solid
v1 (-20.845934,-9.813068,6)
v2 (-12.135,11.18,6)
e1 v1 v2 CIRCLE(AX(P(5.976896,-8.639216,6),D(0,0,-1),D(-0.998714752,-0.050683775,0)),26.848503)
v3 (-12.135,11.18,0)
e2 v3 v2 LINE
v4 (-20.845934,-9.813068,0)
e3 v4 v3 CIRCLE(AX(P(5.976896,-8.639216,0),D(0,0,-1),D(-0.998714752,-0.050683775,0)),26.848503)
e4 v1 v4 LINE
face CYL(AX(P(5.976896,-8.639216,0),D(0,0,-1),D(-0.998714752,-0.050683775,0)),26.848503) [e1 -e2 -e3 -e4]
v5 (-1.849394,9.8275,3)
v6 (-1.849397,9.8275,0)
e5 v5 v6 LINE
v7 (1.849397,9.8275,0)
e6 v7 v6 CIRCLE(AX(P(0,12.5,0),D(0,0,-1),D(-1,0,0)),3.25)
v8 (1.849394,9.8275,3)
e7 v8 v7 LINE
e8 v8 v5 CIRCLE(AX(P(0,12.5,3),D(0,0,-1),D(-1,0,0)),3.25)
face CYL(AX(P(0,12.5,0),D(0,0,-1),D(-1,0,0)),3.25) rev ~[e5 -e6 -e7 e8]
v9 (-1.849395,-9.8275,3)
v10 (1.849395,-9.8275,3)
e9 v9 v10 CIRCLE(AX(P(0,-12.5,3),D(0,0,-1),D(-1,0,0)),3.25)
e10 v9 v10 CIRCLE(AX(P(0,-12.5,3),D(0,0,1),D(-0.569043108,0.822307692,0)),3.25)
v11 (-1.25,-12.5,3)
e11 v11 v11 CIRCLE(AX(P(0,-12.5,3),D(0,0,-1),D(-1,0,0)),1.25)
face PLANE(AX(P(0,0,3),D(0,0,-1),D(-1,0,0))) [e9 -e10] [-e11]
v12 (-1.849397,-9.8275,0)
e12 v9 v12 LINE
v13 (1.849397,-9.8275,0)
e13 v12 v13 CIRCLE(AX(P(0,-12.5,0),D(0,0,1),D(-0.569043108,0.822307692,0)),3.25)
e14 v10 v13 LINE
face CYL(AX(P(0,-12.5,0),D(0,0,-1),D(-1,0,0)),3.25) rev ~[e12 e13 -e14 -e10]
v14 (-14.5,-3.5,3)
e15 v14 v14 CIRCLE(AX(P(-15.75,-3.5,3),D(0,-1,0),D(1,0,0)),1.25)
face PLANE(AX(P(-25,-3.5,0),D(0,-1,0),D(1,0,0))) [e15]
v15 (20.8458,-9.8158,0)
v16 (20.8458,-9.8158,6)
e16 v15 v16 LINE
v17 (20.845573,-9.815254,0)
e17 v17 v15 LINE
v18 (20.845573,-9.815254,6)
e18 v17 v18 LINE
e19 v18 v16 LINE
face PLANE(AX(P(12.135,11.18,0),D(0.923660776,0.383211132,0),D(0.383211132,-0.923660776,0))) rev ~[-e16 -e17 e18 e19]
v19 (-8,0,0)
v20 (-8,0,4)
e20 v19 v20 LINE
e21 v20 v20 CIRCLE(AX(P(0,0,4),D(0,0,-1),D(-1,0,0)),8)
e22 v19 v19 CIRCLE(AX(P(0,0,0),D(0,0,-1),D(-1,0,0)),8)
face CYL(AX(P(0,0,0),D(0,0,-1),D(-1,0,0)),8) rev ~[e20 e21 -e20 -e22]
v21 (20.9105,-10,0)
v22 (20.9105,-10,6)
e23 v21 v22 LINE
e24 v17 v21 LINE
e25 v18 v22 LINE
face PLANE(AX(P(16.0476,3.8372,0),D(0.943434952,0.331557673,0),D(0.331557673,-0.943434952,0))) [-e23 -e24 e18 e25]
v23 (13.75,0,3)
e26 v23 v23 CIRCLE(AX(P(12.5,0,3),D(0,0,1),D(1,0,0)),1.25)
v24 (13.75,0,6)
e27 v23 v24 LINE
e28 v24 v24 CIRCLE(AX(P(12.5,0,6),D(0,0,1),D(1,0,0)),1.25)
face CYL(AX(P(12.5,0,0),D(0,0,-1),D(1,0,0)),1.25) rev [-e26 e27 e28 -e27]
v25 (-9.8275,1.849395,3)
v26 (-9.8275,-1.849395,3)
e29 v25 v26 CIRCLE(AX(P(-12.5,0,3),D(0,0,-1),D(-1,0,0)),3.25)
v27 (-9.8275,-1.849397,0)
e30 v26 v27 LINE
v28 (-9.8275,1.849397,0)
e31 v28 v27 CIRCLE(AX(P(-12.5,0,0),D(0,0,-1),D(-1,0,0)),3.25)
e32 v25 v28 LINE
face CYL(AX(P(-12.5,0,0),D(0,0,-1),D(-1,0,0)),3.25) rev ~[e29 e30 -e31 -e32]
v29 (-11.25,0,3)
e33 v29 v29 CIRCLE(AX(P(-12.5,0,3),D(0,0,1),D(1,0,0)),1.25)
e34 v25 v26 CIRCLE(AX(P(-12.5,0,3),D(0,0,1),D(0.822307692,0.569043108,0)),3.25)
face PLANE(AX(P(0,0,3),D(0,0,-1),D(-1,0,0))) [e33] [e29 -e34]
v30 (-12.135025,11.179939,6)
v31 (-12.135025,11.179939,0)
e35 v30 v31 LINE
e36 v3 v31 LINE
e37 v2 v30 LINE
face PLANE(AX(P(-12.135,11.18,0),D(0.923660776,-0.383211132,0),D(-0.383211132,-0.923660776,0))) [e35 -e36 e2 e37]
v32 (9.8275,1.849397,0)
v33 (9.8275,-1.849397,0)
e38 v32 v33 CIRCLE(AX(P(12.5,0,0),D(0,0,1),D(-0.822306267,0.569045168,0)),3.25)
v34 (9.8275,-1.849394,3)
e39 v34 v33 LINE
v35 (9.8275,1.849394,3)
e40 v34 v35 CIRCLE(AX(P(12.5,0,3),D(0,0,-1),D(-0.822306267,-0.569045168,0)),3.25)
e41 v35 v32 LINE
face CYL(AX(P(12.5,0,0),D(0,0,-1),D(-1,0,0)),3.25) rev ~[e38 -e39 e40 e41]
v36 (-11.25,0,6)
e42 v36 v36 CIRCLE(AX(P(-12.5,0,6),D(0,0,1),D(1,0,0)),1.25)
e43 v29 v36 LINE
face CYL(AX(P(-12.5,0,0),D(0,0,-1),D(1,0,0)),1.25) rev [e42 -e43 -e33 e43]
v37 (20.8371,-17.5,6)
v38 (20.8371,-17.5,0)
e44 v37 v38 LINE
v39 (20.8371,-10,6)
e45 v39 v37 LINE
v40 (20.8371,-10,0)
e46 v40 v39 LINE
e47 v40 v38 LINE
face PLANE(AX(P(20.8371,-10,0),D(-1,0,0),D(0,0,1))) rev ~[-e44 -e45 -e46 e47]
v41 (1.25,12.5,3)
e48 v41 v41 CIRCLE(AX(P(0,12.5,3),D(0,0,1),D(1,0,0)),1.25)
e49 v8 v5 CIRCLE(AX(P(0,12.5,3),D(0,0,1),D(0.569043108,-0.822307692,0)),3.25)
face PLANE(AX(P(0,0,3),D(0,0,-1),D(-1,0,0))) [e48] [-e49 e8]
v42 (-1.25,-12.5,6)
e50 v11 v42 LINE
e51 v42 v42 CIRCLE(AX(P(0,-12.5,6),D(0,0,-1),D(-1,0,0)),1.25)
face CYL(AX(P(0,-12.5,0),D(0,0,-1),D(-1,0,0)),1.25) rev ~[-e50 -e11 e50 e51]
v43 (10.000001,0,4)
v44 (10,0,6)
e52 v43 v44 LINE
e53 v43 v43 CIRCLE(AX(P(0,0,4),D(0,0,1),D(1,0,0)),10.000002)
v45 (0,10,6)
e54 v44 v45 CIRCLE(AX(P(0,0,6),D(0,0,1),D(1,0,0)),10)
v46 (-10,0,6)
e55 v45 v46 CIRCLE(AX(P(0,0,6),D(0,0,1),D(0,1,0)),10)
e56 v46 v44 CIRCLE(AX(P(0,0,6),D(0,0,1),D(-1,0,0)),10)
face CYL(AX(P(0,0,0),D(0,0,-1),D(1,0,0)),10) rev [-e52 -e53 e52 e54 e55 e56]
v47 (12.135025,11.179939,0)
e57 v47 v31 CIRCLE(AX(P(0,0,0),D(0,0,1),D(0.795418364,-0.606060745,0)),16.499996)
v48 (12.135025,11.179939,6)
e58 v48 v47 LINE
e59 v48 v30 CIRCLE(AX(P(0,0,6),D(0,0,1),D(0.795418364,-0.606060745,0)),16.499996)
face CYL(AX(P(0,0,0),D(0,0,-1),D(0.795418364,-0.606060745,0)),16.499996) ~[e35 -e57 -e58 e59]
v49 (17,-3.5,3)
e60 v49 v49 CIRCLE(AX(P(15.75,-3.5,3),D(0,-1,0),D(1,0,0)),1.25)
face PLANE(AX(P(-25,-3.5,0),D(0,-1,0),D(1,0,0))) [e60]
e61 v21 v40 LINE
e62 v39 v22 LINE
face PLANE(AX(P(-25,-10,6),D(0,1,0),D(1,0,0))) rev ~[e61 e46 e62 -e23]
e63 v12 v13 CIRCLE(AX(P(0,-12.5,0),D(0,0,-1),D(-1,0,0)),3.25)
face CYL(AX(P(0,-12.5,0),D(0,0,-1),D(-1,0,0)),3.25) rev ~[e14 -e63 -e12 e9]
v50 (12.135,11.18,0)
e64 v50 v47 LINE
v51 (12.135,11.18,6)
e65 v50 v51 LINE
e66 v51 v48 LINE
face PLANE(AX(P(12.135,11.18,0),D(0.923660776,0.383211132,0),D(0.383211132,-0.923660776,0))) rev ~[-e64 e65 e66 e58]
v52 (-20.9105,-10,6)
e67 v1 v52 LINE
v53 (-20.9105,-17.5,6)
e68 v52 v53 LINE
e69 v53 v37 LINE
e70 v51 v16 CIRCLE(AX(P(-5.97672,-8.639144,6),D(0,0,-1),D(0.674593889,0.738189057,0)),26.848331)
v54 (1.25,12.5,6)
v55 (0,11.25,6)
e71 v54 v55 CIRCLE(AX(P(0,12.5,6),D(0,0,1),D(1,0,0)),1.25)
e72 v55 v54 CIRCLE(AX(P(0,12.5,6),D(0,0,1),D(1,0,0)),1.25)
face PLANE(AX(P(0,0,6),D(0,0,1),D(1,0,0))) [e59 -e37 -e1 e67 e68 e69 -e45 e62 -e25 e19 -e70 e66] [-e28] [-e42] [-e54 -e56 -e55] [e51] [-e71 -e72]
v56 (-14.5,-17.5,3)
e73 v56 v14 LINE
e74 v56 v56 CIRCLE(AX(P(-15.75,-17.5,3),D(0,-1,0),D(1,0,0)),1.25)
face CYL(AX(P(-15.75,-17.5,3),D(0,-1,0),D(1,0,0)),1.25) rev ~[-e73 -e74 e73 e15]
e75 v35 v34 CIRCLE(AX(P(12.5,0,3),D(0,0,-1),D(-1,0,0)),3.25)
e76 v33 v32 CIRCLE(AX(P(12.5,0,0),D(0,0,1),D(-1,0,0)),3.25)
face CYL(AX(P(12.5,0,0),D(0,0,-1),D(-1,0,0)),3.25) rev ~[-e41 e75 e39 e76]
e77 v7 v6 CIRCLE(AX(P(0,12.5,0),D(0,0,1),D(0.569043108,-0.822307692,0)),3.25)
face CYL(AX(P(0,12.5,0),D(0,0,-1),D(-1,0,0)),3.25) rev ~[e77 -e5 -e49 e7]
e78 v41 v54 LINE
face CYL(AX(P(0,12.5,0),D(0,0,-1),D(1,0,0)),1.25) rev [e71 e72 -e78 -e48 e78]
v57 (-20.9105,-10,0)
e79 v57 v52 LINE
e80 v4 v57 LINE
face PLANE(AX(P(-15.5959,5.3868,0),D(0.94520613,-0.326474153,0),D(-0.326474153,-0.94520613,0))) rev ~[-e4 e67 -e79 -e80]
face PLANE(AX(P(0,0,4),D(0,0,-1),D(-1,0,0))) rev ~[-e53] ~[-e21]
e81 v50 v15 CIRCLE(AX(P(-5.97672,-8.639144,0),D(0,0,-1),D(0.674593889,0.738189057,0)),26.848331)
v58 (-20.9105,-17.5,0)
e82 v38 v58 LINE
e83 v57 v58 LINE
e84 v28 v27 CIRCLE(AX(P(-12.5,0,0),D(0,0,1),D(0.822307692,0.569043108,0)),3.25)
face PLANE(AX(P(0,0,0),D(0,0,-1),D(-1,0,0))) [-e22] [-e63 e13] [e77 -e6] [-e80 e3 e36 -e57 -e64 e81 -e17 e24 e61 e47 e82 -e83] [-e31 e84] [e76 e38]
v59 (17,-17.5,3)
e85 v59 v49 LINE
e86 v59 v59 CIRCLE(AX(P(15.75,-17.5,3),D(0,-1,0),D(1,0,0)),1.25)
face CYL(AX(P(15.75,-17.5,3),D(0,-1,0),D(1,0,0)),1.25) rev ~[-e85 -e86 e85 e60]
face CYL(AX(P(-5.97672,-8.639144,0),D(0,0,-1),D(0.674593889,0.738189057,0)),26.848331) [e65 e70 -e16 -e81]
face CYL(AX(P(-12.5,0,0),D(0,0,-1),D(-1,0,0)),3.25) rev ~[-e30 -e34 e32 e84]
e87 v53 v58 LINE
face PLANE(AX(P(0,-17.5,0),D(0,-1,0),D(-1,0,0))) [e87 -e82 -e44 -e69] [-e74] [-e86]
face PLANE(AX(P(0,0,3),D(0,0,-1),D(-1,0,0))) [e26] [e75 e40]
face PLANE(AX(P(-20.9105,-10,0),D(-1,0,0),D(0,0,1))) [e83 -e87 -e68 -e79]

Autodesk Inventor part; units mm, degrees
ref_plane "YZ Plane" through (0, 0, 0) normal (1, 0, 0) x (0, 1, 0)
ref_plane "XZ Plane" through (0, 0, 0) normal (0, 1, 0) x (-1, 0, 0)
ref_plane "XY Plane" through (0, 0, 0) normal (0, 0, 1) x (1, 0, 0)
sketch "Sketch1" plane through (0, 0, 0) normal (0, 0, 1) x (1, 0, 0)
  circle A0 centre (0, 0) radius 10
  arc A1 (13.1244, -10) -> (-13.1244, -10) centre (0, 0) ccw
  line L0 (13.1244, -10) -> (25, -10)
  line L1 (25, -10) -> (0, -10)
  line L2 (-13.1244, -10) -> (-25, -10)
  line L3 (0, 0) -> (0, -17.5)
  line L4 (0, -17.5) -> (-25, -17.5)
  line L5 (-25, -17.5) -> (-25, -10)
  line L6 (25, -10) -> (25, -17.5)
  line L7 (25, -17.5) -> (0, -17.5)
  line L8 (0, 0) -> (-12.5, 0)
  circle A2 centre (-12.5, 0) radius 1.25
  line L9 (0, 0) -> (0, 12.5)
  circle A3 centre (0, 12.5) radius 1.25
  circle A4 centre (12.5, 0) radius 1.25
  circle A5 centre (0, -12.5) radius 1.25
  circle A6 centre (12.5, 0) radius 3.25
  circle A7 centre (-12.5, 0) radius 3.25
  line L10 (0, 0) -> (2.11, 2.11)
  line L11 (0, 0) -> (2.984, 0) construction
  circle A8 centre (0, 12.5) radius 3.25
  circle A9 centre (0, -12.5) radius 3.25
  dimension "d0" = 20
  dimension "d1" = 33
  dimension "d2" = 25
  dimension "d3" = 25
  dimension "d4" = 17.5
  dimension "d5" = 25
  dimension "d6" = 12.5
  dimension "d7" = 2.5
  dimension "d8" = 12.5
  dimension "d9" = 2.5
  dimension "d15" = 6.5
  dimension "d16" = 45
  dimension "d17" = 6.5
  dimension "d18" = 6.5
extrude "Extrusion1" add sketch "Sketch1" along normal blind 6 contours A0 A6 | A0 A8 A7 A9 L3 L4 L5 L2 A1 L1 A6 | A0 A8 | A9 L1 A0 | L3 A5 A9 A0 | L1 A9 L3 A5 | L1 L0 L6 L7 L3 A9 | A5 L3 | L3 A5 | A0 A7 picked at (10.6028, 1.4923)
fillet "Fillet1" radius 5 2 edges at (13.1244, -10, 3) (-13.1244, -10, 3)
sketch "Sketch2" plane through (0, 0, 0) normal (0, 0, -1) x (-1, 0, 0)
  circle A0 centre (0, 12.5) radius 1.25 projected
  line L0 (0, 0) -> (-3.0567, 0)
  circle A1 centre (0, -12.5) radius 1.25
extrude "Extrusion2" cut sketch "Sketch2" against normal blind 10 contours A1
sketch "Sketch3" plane through (0, 0, 0) normal (0, 0, -1) x (-1, 0, 0)
  circle A0 centre (-12.5, 0) radius 1.25 projected
  circle A1 centre (0, -12.5) radius 1.25 projected
  circle A2 centre (0, 0) radius 10 projected
  circle A3 centre (-12.5, 0) radius 1.25 projected
  circle A4 centre (0, 12.5) radius 1.25 projected
  circle A5 centre (12.5, 0) radius 1.25 projected
  line L0 (25, -17.5) -> (-25, -17.5) projected
  line L1 (25, -10) -> (25, -17.5) projected
  line L2 (20.9105, -10) -> (25, -10) projected
  arc A6 (16.0476, -3.8372) -> (20.9105, -10) centre (20.9105, -5) ccw projected
  arc A7 (16.0476, -3.8372) -> (-16.0476, -3.8372) centre (0, 0) ccw projected
  arc A8 (-20.9105, -10) -> (-16.0476, -3.8372) centre (-20.9105, -5) ccw projected
  line L3 (-25, -10) -> (-20.9105, -10) projected
  line L4 (-25, -17.5) -> (-25, -10) projected
  circle A9 centre (-12.5, 0) radius 3.25
  circle A10 centre (0, 12.5) radius 3.25
  circle A11 centre (12.5, 0) radius 1.25 projected
  circle A12 centre (12.5, 0) radius 3.25
  circle A13 centre (0, -12.5) radius 3.25
  dimension "d19" = 6.5
  dimension "d20" = 6.5
  dimension "d21" = 6.5
  dimension "d22" = 6.5
extrude "Extrusion3" cut sketch "Sketch3" against normal blind 3 contours A2 A12 | A2 A12 | A10 A2 | A2 A10 | A13 A2 | A2 A13 | A9 A2 | A2 A9
sketch "Sketch4" plane through (0, 0, 0) normal (0, 0, -1) x (-1, 0, 0)
  arc A0 (16.0476, -3.8372) -> (-16.0476, -3.8372) centre (0, 0) ccw projected
  line L0 (-25, -10) -> (-20.9105, -10) projected
  line L1 (-16.0476, 3.8372) -> (-20.9105, -10)
  line L2 (15.5959, 5.3868) -> (20.9105, -10)
  arc A1 (16.0476, -3.8372) -> (20.9105, -10) centre (20.9105, -5) ccw projected
  arc A2 (-20.9105, -10) -> (-16.0476, -3.8372) centre (-20.9105, -5) ccw projected
extrude "Extrusion4" add sketch "Sketch4" against normal up to surface (6 mm away)
sketch "Sketch5" plane through (-25, -17.5, 0) normal (0, -1, 0) x (1, 0, 0)
  line L0 (0, 6) -> (50, 6) projected
  line L1 (0, 0) -> (50, 0) projected
  circle A0 centre (40.75, 3) radius 1.25
  circle A1 centre (9.25, 3) radius 1.25
  point P0 (25, 0)
  dimension "d27" = 2.5
extrude "Extrusion5" cut sketch "Sketch5" against normal blind 14
sketch "Sketch6" plane through (-25, -17.5, 0) normal (0, -1, 0) x (1, 0, 0)
  circle A0 centre (9.25, 3) radius 1.25 projected
  circle A1 centre (40.75, 3) radius 1.25 projected
  point P0 (25, 0)
  dimension "d30" = 31.5
sketch "Sketch8" plane through (-25, -10, 6) normal (0, 1, 0) x (1, 0, 0)
  line L0 (9.4041, 6) -> (41.0476, 6) projected
  line L1 (4.0895, 6) -> (4.0895, 0) projected
  line L2 (9.4041, 6) -> (4.0895, 6)
  line L3 (4.0895, 6) -> (4.0895, 0)
  line L4 (4.0895, 0) -> (9.4041, 0)
  line L5 (9.4041, 0) -> (9.4041, 6)
  line L6 (45.8371, 0) -> (50, 0)
  line L7 (50, 0) -> (50, 6)
  line L8 (50, 6) -> (45.8371, 6)
  line L9 (45.8371, 6) -> (45.8371, 0)
  line L10 (0, 0) -> (4.0895, 0)
  line L11 (4.0895, 0) -> (4.0895, 6)
  line L12 (4.0895, 6) -> (0, 6)
  line L13 (0, 6) -> (0, 0)
  point P0 (25, 6)
extrude "Extrusion7" cut sketch "Sketch8" against normal blind 14 contours L1 L10 L13 L12 | L9 L8 L7 L6
sketch "Sketch9" plane through (0, 0, 0) normal (0, 0, -1) x (-1, 0, 0)
  arc A0 (-1.8494, 9.8275) -> (-9.8275, 1.8494) centre (0, 0) ccw projected
  arc A1 (-9.8275, 1.8494) -> (-9.8275, -1.8494) centre (0, 0) ccw projected
  arc A2 (-9.8275, -1.8494) -> (-1.8494, -9.8275) centre (0, 0) ccw projected
  arc A3 (-1.8494, -9.8275) -> (1.8494, -9.8275) centre (0, 0) ccw projected
  arc A4 (1.8494, -9.8275) -> (9.8275, -1.8494) centre (0, 0) ccw projected
  arc A5 (9.8275, -1.8494) -> (9.8275, 1.8494) centre (0, 0) ccw projected
  arc A6 (9.8275, 1.8494) -> (1.8494, 9.8275) centre (0, 0) ccw projected
  arc A7 (1.8494, 9.8275) -> (-1.8494, 9.8275) centre (0, 0) ccw projected
  circle A8 centre (0, 0) radius 8
  dimension "d37" = 16
extrude "Extrusion8" add sketch "Sketch9" against normal blind 4
sketch "Sketch11" plane through (0, 0, 0) normal (0, 0, -1) x (-1, 0, 0)
  arc A0 (-9.8275, 1.8494) -> (-9.8275, -1.8494) centre (-12.5, 0) ccw projected
  circle A1 centre (-12.5, 0) radius 3.25
  arc A2 (1.8494, 9.8275) -> (-1.8494, 9.8275) centre (0, 12.5) ccw projected
  arc A3 (9.8275, -1.8494) -> (9.8275, 1.8494) centre (0, 0) ccw projected
  arc A4 (9.8275, -1.8494) -> (9.8275, 1.8494) centre (12.5, 0) ccw projected
  circle A5 centre (12.5, 0) radius 1.25 projected
  arc A6 (-1.8494, -9.8275) -> (1.8494, -9.8275) centre (0, 0) ccw projected
  arc A7 (-1.8494, -9.8275) -> (1.8494, -9.8275) centre (0, -12.5) ccw projected
  circle A8 centre (0, -12.5) radius 1.25 projected
  circle A9 centre (0, 12.5) radius 3.25
  circle A10 centre (12.5, 0) radius 3.25
  circle A11 centre (0, -12.5) radius 3.25
extrude "Extrusion9" cut sketch "Sketch11" against normal up to surface (3 mm away)
sketch "Sketch12" plane through (0, 0, 0) normal (0, 0, -1) x (-1, 0, 0)
  line L0 (-20.8371, -10) -> (-20.8371, -17.5) projected
  arc A0 (-12.135, 11.18) -> (-20.8371, -10) centre (5.9768, -8.6392) ccw
  line L1 (-12.135, 11.18) -> (-20.8458, -9.8158)
  line L2 (0, 0) -> (0, 1.5642)
  arc A1 (20.8371, -10) -> (12.135, 11.18) centre (-5.9768, -8.6392) ccw
  line L3 (12.135, 11.18) -> (20.8458, -9.8158)
extrude "Extrusion10" add sketch "Sketch12" against normal up to surface (6 mm away)
properties part number "ROTATION1"
